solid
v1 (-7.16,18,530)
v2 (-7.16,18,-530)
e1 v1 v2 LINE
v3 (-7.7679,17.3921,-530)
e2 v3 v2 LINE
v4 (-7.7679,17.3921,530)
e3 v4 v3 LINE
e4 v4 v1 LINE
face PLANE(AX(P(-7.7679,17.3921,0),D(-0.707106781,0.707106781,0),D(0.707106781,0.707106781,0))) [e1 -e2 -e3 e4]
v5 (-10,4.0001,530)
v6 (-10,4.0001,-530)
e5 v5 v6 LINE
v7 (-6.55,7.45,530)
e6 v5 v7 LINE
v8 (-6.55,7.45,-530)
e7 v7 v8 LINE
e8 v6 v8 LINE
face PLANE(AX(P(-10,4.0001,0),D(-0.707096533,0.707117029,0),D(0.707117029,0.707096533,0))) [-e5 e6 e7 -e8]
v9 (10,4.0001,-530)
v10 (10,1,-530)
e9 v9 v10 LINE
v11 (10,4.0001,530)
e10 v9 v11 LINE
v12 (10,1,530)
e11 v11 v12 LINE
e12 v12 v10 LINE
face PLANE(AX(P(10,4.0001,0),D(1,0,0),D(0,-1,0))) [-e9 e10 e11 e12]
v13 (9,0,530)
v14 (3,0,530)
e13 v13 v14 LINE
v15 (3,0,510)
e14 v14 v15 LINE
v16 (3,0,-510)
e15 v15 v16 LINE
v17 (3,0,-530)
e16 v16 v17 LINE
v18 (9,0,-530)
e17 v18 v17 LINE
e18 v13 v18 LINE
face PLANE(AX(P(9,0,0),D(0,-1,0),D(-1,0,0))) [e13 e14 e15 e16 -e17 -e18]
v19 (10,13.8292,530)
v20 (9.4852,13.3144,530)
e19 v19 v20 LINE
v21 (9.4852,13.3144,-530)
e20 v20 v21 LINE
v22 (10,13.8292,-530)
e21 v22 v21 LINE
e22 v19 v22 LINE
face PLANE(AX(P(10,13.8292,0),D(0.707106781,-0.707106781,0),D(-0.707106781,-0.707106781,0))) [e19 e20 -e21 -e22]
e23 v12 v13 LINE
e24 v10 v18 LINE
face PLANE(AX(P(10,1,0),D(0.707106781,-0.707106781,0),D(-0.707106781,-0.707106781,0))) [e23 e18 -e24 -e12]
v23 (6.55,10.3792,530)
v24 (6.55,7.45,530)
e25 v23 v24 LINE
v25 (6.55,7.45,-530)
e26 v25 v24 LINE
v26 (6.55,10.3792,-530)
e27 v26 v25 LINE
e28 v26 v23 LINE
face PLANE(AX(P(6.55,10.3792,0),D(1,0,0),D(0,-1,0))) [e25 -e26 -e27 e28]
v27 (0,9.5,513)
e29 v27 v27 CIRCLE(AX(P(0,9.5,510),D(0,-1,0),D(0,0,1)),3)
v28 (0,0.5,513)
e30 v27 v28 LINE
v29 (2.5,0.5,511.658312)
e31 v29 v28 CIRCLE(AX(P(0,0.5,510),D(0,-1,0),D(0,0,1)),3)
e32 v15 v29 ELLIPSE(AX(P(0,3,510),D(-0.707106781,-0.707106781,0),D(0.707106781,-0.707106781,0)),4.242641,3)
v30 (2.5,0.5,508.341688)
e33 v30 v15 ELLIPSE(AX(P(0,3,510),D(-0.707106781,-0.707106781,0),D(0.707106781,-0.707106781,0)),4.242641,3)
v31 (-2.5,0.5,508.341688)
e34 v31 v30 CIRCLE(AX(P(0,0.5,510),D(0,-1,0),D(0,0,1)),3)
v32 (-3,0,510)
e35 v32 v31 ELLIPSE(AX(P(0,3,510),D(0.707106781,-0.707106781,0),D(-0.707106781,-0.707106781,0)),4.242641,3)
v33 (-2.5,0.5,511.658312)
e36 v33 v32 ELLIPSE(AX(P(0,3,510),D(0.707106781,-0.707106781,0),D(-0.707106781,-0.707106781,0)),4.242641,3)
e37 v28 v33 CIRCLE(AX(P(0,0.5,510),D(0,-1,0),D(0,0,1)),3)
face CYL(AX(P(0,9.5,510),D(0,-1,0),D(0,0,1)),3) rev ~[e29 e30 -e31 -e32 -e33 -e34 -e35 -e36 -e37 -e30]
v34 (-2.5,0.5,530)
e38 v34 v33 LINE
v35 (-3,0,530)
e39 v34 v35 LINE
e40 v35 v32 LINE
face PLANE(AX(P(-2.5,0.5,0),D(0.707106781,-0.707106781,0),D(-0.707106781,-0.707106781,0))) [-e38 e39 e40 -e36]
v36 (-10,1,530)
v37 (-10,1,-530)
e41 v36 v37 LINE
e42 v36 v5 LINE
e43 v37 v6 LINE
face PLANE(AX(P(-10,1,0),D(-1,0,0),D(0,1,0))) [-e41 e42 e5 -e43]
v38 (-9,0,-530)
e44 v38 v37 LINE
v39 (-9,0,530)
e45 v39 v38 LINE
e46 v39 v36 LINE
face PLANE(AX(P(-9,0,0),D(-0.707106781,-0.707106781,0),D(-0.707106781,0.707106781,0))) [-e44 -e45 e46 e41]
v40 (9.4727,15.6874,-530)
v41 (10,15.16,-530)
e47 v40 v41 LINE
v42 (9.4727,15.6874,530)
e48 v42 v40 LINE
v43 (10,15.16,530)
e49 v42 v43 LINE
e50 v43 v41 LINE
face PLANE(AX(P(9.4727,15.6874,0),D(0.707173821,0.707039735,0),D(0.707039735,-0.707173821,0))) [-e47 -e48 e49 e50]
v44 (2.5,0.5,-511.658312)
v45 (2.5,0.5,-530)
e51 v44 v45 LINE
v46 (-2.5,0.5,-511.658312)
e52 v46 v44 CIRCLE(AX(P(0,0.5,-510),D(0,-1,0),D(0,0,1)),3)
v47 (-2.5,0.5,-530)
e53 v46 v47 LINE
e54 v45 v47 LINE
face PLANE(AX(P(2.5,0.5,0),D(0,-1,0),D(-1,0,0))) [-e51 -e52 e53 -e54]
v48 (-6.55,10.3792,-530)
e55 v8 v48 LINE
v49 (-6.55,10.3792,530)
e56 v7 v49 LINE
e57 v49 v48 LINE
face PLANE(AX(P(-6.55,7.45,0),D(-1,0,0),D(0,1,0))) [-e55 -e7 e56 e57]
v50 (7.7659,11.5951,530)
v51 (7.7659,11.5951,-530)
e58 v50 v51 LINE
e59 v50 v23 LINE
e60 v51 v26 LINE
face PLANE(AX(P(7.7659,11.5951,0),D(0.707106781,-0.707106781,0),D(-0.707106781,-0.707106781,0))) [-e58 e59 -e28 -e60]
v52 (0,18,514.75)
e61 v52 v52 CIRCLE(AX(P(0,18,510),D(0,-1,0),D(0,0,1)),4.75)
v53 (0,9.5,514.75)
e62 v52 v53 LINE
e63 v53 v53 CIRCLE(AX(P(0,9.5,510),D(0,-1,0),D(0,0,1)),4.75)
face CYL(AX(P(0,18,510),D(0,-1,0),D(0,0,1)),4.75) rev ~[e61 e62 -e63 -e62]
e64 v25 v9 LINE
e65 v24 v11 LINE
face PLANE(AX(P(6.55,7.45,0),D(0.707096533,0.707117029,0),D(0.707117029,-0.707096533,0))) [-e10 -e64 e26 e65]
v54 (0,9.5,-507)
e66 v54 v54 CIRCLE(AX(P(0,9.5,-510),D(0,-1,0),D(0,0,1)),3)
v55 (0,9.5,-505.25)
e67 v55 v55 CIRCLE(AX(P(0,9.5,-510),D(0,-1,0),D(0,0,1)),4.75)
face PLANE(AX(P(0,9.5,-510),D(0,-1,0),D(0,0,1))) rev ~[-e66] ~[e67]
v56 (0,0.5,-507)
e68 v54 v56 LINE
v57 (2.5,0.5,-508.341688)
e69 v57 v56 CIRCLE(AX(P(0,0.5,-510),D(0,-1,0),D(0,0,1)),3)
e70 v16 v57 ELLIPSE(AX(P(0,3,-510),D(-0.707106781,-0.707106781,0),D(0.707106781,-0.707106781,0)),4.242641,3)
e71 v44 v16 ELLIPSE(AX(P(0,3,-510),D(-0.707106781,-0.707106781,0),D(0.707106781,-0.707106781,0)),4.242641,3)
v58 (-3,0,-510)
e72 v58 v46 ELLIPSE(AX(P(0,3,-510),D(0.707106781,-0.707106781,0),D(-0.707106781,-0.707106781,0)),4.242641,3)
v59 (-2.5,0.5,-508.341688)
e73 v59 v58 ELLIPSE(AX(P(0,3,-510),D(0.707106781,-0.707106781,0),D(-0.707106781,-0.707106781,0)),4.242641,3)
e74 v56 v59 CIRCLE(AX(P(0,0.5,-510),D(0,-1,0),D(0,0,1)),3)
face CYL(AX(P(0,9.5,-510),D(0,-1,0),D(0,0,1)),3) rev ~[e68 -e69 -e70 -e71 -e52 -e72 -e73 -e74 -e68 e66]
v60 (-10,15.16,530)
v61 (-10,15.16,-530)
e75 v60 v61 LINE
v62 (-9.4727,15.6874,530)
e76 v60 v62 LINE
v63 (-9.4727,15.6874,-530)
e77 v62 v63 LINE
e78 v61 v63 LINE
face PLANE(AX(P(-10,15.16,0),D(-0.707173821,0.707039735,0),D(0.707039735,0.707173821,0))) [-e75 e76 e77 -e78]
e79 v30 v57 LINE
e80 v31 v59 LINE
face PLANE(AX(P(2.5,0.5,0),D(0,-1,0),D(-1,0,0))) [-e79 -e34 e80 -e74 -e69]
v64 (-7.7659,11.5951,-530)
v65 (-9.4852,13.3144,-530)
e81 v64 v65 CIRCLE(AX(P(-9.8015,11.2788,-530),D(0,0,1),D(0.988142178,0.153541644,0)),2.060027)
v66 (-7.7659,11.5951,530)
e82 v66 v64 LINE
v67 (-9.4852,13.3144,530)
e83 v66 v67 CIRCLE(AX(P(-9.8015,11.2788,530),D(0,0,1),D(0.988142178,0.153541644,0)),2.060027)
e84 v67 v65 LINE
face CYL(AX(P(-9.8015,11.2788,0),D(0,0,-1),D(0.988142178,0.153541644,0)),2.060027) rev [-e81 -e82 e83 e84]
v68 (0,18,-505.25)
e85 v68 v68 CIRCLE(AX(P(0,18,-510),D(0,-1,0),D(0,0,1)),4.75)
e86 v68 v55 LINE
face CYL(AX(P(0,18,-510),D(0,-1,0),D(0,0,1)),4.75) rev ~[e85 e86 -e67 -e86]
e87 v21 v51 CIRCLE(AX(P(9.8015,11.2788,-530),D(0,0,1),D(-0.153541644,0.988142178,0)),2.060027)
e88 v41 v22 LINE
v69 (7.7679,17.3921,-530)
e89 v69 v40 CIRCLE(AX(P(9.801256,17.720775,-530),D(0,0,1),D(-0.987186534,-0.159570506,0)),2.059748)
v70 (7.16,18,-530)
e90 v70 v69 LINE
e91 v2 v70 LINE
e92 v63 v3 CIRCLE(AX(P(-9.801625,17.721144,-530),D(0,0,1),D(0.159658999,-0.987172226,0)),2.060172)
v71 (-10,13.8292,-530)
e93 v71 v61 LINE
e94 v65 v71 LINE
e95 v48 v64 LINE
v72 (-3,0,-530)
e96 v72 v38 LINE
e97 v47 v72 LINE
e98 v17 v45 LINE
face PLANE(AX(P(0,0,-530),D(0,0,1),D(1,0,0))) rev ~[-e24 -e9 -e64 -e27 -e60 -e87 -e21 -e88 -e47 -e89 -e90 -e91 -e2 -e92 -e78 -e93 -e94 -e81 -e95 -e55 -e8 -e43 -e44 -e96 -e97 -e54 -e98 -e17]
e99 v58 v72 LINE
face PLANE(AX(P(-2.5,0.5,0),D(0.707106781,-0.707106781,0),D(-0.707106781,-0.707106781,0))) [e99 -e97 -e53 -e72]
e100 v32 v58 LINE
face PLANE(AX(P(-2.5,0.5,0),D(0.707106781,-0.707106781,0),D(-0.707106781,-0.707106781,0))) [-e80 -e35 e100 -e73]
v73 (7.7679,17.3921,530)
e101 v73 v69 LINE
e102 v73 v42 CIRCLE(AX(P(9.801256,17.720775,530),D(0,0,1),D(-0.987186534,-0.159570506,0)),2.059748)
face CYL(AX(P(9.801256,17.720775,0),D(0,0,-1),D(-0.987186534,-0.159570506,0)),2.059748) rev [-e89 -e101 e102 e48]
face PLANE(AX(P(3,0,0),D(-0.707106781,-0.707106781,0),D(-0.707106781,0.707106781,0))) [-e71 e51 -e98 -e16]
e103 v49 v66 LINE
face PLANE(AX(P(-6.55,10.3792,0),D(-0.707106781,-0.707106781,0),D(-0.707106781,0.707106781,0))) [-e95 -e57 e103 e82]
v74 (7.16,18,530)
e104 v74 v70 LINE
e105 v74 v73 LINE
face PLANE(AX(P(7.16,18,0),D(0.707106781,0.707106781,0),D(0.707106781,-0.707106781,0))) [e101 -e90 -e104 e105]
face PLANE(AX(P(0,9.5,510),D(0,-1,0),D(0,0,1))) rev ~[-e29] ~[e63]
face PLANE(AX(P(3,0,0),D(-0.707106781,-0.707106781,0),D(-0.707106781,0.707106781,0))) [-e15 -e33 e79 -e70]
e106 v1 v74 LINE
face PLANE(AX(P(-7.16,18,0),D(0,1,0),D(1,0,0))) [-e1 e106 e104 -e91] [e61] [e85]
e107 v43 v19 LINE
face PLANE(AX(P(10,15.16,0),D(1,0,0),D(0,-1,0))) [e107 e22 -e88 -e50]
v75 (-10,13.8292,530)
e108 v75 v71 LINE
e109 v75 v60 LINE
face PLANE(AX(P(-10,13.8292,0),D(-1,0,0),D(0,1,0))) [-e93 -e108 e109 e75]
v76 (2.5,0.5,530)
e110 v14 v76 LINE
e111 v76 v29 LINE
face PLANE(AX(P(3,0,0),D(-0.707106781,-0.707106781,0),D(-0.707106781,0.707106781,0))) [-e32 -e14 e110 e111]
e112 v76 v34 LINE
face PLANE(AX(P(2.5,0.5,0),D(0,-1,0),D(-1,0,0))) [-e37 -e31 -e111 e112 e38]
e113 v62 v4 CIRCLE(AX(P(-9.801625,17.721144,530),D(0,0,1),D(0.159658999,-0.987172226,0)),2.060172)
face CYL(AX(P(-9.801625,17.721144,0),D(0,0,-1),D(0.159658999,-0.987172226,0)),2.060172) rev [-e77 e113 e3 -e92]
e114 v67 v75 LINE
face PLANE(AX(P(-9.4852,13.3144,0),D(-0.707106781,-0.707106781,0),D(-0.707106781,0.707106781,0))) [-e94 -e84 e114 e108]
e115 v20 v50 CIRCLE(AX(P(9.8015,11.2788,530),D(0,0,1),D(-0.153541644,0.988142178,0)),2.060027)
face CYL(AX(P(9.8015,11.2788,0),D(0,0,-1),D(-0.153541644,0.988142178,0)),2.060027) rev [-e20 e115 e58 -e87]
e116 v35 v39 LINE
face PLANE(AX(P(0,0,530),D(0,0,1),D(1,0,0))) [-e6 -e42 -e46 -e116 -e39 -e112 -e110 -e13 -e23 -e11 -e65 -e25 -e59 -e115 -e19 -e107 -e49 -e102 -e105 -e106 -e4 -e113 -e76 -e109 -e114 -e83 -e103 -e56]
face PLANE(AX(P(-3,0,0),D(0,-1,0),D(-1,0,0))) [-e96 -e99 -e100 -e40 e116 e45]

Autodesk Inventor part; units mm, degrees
ref_plane "YZ Plane" through (0, 0, 0) normal (1, 0, 0) x (0, 1, 0)
ref_plane "XZ Plane" through (0, 0, 0) normal (0, 1, 0) x (-1, 0, 0)
ref_plane "XY Plane" through (0, 0, 0) normal (0, 0, 1) x (1, 0, 0)
sketch "Sketch4" plane through (0, 0, 0) normal (0, 0, 1) x (1, 0, 0)
  line L0 (10, 4.0001) -> (10, 1)
  line L1 (6.55, 7.45) -> (10, 4.0001)
  line L2 (6.55, 10.3792) -> (6.55, 7.45)
  line L3 (7.7659, 11.5951) -> (6.55, 10.3792)
  arc A0 (9.4852, 13.3144) -> (7.7659, 11.5951) centre (9.8015, 11.2788) ccw
  line L4 (10, 13.8292) -> (9.4852, 13.3144)
  line L5 (10, 15.16) -> (10, 13.8292)
  line L6 (9.4727, 15.6874) -> (10, 15.16)
  arc A1 (7.7679, 17.3921) -> (9.4727, 15.6874) centre (9.8015, 17.7209) ccw
  line L7 (7.16, 18) -> (7.7679, 17.3921)
  line L8 (-7.16, 18) -> (7.16, 18)
  line L9 (-7.7679, 17.3921) -> (-7.16, 18)
  arc A2 (-9.4727, 15.6874) -> (-7.7679, 17.3921) centre (-9.8015, 17.7209) ccw
  line L10 (-10, 15.16) -> (-9.4727, 15.6874)
  line L11 (-10, 13.8292) -> (-10, 15.16)
  line L12 (-9.4852, 13.3144) -> (-10, 13.8292)
  arc A3 (-7.7659, 11.5951) -> (-9.4852, 13.3144) centre (-9.8015, 11.2788) ccw
  line L13 (-6.55, 10.3792) -> (-7.7659, 11.5951)
  line L14 (-6.55, 7.45) -> (-6.55, 10.3792)
  line L15 (-10, 4.0001) -> (-6.55, 7.45)
  line L16 (-10, 1) -> (-10, 4.0001)
  line L17 (-9, 0) -> (-10, 1)
  line L18 (-3, 0) -> (-9, 0)
  line L19 (-2.5, 0.5) -> (-3, 0)
  line L20 (2.5, 0.5) -> (-2.5, 0.5)
  line L21 (3, 0) -> (2.5, 0.5)
  line L22 (9, 0) -> (3, 0)
  line L23 (10, 1) -> (9, 0)
  point P0 (0, 0)
  point P1 (0, 0)
extrude "Extrusion4" add sketch "Sketch4" along normal mid plane 1060
sketch "Sketch5" plane through (-7.16, 18, 530) normal (0, 1, 0) x (1, 0, 0)
  line L0 (0, 0) -> (14.3201, 0) projected
  line L1 (0, 1060) -> (0, 0) projected
  line L2 (7.16, 0) -> (7.16, 20)
  point P0 (7.16, 530)
  dimension "d8" = 20
hole "Hole1" at (0, 18, 510) direction (0, -1, 0) diameter 6 end through all counterbore diameter 9.5 counterbore depth 8.5
pattern_linear "Rectangular Pattern1" count 2 spacing 1020 along (0, 0, -1) of "Hole1"
equation "\"d6\" = L"
equation "\"d8\" = testa"
equation "\"d18\" = passo"
equation "\"passo\" = 1020"
equation "\"testa\" = 20"
equation "\"L\" = 1060"
properties part number "HSR20-xxxx-01" material "Steel"
